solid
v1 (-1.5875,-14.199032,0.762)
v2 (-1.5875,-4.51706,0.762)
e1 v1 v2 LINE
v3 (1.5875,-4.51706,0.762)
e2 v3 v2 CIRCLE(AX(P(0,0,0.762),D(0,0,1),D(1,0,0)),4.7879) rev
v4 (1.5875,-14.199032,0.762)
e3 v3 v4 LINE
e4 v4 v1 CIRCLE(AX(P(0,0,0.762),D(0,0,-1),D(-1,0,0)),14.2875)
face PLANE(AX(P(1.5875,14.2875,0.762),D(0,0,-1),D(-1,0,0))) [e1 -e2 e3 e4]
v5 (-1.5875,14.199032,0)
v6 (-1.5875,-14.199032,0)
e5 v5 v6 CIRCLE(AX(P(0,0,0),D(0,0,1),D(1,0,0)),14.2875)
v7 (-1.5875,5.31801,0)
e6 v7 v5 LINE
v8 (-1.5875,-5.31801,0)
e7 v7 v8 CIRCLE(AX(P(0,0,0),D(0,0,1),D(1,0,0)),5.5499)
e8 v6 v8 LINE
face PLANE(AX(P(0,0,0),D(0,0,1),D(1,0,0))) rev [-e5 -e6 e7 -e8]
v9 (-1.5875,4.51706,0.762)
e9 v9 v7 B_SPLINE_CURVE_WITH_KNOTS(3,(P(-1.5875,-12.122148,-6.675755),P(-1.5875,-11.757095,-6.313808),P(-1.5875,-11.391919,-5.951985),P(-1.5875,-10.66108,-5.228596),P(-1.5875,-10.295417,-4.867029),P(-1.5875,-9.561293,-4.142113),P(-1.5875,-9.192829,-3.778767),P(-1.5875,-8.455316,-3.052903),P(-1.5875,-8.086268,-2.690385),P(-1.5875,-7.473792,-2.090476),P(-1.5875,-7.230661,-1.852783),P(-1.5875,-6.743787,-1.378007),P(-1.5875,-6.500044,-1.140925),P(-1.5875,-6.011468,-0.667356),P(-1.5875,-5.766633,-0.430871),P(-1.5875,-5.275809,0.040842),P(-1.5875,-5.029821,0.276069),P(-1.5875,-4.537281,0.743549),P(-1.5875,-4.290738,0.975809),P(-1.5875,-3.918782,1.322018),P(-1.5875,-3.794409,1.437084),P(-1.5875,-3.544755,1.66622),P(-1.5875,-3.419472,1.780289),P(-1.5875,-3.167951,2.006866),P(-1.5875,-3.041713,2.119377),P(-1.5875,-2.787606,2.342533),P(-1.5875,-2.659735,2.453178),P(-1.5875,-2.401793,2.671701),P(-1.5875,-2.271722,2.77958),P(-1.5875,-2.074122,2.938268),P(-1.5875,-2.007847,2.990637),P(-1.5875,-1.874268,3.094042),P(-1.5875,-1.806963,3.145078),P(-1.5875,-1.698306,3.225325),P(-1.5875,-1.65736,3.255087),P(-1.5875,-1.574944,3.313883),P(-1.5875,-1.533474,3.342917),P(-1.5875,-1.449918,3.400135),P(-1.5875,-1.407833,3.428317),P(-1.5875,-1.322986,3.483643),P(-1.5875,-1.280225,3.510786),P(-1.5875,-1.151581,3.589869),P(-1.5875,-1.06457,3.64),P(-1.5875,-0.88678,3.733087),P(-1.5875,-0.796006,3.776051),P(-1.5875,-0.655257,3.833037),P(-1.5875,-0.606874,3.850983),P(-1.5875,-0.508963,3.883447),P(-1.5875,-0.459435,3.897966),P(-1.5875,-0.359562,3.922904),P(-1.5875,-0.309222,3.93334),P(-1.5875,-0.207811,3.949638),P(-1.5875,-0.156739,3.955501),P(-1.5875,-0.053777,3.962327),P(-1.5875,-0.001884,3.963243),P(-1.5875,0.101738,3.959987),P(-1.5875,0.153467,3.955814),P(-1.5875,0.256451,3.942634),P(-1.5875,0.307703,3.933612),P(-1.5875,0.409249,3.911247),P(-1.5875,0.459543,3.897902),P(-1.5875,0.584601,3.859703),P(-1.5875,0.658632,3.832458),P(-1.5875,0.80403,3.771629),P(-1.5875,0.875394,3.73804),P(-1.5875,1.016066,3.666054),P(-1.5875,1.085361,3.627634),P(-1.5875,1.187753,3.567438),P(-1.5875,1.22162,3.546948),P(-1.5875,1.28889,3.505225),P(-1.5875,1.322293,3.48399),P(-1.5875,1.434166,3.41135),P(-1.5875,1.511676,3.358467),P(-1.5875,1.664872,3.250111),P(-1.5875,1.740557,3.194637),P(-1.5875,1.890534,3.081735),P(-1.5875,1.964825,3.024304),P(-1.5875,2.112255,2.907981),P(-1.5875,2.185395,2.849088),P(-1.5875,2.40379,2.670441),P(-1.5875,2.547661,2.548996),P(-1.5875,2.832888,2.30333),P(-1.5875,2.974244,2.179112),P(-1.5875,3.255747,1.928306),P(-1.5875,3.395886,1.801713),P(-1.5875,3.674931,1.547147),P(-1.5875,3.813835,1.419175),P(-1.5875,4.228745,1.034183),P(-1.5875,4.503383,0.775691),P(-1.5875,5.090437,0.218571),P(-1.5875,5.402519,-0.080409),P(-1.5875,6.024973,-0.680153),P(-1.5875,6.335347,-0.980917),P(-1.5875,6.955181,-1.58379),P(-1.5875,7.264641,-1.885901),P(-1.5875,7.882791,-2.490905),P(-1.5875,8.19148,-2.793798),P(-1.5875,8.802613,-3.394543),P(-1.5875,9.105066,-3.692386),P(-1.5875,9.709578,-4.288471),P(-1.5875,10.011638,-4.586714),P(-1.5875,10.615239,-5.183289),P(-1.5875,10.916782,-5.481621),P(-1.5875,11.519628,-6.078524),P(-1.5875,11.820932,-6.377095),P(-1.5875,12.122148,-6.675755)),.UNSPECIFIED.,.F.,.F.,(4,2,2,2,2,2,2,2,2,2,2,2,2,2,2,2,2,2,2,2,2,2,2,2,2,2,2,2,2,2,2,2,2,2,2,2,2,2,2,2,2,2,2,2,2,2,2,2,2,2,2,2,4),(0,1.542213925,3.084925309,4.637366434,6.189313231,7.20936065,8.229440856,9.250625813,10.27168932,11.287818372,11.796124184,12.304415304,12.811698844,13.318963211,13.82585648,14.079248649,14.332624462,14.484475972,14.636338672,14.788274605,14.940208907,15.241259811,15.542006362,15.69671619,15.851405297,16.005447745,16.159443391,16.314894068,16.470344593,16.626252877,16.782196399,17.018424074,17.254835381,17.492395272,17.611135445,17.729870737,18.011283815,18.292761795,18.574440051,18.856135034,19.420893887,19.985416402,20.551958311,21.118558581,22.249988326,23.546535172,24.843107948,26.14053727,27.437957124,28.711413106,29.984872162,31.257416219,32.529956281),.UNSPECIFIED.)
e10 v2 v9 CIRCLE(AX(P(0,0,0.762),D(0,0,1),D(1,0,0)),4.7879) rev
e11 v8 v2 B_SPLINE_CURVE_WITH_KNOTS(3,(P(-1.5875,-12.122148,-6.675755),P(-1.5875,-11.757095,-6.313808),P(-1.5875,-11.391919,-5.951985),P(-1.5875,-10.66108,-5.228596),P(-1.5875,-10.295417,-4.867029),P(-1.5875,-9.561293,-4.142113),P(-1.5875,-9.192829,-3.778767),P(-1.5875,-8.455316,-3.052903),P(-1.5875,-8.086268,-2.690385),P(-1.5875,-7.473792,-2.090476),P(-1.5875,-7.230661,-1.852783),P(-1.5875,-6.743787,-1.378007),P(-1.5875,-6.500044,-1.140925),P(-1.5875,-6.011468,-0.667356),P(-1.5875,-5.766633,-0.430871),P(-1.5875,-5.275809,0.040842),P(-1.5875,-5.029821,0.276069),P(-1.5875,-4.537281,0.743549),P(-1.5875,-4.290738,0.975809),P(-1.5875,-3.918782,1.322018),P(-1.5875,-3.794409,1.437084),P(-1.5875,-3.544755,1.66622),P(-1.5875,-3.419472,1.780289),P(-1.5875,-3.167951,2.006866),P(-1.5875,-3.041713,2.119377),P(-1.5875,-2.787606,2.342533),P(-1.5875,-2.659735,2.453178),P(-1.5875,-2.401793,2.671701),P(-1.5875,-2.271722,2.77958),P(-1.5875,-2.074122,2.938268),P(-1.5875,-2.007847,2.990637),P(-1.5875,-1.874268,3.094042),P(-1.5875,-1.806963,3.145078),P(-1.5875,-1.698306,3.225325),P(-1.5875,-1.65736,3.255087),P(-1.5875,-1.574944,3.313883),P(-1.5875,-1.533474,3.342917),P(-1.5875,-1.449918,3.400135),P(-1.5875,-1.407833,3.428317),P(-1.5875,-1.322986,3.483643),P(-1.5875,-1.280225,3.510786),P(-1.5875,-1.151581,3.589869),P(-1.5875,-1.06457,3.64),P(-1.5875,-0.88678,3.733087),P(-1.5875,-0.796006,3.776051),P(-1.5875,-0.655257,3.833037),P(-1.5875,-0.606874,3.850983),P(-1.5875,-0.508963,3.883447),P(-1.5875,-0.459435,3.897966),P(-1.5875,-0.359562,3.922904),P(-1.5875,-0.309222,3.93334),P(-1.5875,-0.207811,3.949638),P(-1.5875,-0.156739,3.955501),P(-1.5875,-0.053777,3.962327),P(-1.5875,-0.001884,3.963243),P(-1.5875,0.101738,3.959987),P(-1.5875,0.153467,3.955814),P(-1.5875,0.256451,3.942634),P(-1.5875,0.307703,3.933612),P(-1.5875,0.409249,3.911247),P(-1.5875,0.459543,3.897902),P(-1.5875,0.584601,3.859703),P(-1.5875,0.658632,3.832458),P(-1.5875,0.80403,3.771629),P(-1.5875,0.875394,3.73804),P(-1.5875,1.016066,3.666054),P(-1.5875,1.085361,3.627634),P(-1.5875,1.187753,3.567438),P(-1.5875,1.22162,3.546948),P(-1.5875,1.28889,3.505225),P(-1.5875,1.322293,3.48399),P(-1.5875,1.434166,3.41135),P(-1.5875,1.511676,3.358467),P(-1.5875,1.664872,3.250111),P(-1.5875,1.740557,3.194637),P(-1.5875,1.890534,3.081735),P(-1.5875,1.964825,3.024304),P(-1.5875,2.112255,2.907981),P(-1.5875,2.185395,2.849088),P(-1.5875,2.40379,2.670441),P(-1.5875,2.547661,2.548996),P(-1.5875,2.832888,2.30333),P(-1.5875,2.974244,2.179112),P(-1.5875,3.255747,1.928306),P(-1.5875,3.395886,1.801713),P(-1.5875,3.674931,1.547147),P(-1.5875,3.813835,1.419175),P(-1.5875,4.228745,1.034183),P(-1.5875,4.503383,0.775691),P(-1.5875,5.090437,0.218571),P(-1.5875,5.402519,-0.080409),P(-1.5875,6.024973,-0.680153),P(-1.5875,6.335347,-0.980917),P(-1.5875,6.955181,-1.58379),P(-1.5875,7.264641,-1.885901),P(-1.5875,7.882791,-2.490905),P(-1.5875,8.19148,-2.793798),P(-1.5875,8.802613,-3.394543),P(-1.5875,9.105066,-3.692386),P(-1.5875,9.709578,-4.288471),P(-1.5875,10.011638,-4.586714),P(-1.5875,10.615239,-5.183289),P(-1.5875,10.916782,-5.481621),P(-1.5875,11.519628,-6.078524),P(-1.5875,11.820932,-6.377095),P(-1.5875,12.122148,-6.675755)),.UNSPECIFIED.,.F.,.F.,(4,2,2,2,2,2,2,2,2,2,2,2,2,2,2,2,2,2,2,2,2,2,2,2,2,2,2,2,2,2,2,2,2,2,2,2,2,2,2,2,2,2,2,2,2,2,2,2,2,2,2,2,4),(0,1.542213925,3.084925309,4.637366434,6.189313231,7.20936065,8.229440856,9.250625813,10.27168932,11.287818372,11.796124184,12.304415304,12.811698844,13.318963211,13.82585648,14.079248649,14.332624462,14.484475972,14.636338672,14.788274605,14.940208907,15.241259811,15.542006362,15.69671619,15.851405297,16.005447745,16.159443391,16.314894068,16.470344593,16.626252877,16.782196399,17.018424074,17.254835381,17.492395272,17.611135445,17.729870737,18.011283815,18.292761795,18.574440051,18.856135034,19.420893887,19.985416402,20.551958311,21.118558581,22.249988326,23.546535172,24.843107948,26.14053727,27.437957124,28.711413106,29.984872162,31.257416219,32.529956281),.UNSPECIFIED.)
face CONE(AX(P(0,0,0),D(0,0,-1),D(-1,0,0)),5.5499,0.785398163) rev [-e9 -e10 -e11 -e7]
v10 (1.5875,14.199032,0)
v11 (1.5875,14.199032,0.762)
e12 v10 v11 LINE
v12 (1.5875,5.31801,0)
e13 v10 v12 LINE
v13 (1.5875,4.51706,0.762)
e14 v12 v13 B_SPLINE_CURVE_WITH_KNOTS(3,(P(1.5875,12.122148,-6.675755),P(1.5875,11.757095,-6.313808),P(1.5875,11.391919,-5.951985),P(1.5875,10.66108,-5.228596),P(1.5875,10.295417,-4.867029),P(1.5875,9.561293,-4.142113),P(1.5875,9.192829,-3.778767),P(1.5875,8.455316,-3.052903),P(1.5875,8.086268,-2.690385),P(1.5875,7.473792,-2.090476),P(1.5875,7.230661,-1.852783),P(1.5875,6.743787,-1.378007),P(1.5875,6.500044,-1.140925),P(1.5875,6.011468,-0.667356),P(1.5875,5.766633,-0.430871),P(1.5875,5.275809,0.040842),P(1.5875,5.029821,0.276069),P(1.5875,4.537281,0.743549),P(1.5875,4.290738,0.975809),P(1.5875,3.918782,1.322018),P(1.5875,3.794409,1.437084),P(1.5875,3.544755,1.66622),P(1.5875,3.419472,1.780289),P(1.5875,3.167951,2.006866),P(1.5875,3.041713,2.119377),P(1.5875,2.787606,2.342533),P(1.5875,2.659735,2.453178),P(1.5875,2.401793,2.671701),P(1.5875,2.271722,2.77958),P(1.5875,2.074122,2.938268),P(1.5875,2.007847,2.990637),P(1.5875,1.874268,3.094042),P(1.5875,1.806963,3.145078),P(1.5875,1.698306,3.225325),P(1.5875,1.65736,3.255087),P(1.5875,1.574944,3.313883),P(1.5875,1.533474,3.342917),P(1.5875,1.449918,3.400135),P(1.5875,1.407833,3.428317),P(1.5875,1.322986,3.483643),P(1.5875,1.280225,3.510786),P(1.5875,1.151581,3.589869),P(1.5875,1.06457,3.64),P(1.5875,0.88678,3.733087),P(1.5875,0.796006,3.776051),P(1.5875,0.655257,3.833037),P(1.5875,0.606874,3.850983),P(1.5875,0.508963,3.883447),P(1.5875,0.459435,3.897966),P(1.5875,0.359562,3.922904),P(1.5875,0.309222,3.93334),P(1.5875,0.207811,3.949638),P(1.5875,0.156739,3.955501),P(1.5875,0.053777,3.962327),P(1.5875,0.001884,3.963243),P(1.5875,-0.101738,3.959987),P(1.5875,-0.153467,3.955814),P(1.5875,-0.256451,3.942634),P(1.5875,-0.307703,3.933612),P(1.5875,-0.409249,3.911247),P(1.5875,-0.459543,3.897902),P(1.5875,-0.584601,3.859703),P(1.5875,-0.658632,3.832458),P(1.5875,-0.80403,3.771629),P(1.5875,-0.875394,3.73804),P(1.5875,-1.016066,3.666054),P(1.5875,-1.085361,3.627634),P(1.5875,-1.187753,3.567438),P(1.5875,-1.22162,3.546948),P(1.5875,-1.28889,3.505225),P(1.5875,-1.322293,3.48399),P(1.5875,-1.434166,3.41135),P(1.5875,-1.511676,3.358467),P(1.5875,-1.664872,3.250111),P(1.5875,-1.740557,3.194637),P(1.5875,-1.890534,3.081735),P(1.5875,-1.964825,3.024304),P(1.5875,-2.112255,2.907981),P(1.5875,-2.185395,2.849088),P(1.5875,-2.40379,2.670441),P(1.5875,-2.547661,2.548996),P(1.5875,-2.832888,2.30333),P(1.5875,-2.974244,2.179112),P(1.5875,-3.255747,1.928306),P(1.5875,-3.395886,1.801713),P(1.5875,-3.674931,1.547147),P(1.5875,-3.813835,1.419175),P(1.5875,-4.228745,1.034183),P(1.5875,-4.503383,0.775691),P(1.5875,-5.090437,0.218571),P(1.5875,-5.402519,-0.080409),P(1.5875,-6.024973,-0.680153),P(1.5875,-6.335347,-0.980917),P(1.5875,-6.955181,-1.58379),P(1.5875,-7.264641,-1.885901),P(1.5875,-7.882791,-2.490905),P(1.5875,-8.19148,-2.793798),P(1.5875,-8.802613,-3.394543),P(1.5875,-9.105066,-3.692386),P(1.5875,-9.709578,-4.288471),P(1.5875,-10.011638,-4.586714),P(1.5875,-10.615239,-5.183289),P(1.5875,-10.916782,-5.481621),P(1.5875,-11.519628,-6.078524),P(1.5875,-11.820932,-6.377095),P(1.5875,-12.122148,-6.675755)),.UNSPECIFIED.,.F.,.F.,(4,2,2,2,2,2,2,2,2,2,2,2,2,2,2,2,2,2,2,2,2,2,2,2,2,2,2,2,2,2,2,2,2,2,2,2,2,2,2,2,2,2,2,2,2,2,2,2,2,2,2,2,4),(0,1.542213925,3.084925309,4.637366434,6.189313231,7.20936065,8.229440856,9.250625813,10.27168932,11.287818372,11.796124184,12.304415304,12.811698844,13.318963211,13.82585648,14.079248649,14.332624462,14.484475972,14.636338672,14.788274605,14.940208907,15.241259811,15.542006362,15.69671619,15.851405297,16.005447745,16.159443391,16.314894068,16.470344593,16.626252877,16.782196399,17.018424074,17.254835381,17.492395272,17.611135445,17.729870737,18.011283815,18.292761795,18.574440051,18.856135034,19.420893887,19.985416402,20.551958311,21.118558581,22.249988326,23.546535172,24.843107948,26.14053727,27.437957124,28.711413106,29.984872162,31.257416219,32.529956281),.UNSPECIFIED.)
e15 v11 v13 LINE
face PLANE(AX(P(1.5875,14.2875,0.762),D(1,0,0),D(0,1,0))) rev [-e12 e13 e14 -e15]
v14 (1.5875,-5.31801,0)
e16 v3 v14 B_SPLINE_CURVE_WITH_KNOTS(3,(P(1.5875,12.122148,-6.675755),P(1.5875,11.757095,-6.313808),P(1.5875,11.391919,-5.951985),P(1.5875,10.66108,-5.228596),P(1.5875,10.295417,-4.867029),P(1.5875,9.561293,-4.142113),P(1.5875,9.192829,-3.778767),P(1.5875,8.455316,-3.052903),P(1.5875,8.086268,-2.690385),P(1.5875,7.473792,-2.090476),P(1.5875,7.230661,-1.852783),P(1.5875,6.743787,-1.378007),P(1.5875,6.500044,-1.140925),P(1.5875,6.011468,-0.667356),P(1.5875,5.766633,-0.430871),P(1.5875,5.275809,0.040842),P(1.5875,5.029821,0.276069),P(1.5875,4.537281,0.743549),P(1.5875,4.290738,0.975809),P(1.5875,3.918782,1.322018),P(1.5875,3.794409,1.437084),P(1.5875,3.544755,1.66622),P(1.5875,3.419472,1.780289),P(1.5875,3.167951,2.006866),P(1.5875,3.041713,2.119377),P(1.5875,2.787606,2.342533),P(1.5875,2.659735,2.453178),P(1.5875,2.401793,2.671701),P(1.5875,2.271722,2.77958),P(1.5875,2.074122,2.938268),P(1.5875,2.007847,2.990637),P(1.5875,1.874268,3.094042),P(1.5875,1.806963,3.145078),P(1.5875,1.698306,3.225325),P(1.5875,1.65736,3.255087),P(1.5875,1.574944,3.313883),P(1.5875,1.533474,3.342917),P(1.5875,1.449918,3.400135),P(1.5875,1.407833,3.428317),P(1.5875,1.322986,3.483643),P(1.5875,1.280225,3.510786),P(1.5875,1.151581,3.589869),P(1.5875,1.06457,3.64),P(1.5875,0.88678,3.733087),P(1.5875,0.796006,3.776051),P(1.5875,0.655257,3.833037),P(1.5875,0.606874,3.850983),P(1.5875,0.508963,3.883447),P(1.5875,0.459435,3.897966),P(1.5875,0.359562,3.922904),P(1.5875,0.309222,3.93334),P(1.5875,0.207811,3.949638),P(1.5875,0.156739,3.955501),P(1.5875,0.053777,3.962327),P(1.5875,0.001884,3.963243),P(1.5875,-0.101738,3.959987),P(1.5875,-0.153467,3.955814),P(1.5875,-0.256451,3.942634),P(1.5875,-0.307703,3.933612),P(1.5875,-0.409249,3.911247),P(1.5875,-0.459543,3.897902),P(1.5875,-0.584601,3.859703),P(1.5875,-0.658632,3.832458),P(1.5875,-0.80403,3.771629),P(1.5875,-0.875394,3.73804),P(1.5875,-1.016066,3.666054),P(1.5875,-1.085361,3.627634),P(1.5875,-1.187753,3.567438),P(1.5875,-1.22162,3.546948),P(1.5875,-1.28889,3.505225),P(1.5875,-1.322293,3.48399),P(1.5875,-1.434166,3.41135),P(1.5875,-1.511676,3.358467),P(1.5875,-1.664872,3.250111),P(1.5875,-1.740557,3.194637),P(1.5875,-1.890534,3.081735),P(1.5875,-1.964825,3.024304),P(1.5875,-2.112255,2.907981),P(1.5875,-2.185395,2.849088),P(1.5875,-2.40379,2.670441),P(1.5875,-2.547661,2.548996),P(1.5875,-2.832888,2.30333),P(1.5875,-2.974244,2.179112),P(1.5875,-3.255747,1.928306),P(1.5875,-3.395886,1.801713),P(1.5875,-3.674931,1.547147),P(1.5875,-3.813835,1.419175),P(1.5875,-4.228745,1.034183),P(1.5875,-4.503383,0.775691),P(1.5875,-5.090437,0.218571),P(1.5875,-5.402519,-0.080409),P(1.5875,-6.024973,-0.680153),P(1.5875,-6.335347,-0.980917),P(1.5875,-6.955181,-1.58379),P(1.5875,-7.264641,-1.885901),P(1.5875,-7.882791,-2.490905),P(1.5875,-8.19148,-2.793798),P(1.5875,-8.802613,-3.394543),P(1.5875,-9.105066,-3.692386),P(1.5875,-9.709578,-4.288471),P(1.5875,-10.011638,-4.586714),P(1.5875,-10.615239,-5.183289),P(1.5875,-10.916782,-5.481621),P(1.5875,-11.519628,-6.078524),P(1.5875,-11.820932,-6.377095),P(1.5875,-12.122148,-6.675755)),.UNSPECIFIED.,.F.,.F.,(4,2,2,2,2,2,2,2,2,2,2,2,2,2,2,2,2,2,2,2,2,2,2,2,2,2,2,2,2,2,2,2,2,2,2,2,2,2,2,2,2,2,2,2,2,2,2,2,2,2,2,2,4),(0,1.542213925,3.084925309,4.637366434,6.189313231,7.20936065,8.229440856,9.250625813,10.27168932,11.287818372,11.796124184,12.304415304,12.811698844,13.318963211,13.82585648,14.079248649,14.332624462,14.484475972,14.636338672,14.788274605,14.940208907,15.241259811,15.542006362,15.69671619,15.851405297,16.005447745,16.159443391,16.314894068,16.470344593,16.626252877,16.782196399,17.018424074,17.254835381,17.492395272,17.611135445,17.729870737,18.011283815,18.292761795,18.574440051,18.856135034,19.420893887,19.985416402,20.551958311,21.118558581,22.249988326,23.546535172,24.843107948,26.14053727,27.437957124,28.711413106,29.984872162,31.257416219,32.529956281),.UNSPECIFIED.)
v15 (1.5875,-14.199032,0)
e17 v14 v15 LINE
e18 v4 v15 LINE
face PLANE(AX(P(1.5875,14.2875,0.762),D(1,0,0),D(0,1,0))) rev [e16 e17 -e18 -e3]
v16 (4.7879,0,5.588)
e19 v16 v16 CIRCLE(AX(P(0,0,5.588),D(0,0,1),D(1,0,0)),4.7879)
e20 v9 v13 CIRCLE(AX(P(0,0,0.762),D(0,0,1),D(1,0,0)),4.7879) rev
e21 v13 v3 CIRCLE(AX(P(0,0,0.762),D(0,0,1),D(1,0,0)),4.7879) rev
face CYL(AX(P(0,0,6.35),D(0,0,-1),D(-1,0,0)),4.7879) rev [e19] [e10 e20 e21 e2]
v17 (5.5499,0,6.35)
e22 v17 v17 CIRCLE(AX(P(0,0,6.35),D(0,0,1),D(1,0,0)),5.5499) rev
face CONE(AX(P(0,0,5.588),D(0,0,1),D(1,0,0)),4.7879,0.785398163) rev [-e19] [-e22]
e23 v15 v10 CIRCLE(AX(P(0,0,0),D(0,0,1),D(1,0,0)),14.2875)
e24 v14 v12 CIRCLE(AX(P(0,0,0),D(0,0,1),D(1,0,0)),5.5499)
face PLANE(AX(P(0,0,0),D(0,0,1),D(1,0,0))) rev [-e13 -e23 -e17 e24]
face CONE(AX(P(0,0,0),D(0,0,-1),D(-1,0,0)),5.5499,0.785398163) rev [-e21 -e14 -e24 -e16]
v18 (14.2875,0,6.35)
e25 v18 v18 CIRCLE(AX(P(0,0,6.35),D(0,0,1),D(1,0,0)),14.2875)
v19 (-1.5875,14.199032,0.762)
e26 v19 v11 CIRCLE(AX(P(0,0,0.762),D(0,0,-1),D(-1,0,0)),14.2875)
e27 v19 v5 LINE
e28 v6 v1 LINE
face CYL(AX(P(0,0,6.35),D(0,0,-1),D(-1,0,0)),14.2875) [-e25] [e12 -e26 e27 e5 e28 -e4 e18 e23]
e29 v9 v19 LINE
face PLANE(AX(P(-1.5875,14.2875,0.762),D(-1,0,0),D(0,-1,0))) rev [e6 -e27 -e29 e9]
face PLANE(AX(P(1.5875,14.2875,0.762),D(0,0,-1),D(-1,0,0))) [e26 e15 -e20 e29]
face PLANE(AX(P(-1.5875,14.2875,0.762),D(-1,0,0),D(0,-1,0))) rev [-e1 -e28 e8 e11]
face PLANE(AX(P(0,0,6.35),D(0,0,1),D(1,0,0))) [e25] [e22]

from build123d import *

# Parameters (mm, degrees)
SKETCH1_R          = 14.2875
SKETCH1_R_2        = 4.7879
EXTRUDE1_DEPTH     = 6.35
CHAMFER2_SIZE      = 0.762
SKETCH2_W          = 3.175
SKETCH2_H          = 28.575
CUT_EXTRUDE1_DEPTH = 0.762


with BuildPart() as part:
    # Sketch1 → Extrude1 (new body)
    with BuildSketch(Plane.XY):
        with Locations(Location((0, 0, 0), (0, 0, 96.379370208))):  # turned: the seam where the file's is
            Circle(SKETCH1_R)
        with Locations(Location((0, 0, 0), (0, 0, 109.363791367))):  # turned: the seam where the file's is
            Circle(SKETCH1_R_2, mode=Mode.SUBTRACT)
    extrude(amount=EXTRUDE1_DEPTH)

    # Chamfer2
    chamfer2_edges = [part.edges().sort_by_distance(p)[0] for p in [
        (1.5875, -4.517059902, 0),
        (1.5875, -4.517059902, 6.35),
    ]]
    chamfer(chamfer2_edges, length=CHAMFER2_SIZE)

    # Sketch2 → Cut-Extrude1 (cut)
    with BuildSketch(Plane(origin=(0, 0, 0), x_dir=(-1, 0, 0), z_dir=(0, 0, -1))):
        Rectangle(SKETCH2_W, SKETCH2_H)
    extrude(amount=-CUT_EXTRUDE1_DEPTH, mode=Mode.SUBTRACT)


solid = part.part
